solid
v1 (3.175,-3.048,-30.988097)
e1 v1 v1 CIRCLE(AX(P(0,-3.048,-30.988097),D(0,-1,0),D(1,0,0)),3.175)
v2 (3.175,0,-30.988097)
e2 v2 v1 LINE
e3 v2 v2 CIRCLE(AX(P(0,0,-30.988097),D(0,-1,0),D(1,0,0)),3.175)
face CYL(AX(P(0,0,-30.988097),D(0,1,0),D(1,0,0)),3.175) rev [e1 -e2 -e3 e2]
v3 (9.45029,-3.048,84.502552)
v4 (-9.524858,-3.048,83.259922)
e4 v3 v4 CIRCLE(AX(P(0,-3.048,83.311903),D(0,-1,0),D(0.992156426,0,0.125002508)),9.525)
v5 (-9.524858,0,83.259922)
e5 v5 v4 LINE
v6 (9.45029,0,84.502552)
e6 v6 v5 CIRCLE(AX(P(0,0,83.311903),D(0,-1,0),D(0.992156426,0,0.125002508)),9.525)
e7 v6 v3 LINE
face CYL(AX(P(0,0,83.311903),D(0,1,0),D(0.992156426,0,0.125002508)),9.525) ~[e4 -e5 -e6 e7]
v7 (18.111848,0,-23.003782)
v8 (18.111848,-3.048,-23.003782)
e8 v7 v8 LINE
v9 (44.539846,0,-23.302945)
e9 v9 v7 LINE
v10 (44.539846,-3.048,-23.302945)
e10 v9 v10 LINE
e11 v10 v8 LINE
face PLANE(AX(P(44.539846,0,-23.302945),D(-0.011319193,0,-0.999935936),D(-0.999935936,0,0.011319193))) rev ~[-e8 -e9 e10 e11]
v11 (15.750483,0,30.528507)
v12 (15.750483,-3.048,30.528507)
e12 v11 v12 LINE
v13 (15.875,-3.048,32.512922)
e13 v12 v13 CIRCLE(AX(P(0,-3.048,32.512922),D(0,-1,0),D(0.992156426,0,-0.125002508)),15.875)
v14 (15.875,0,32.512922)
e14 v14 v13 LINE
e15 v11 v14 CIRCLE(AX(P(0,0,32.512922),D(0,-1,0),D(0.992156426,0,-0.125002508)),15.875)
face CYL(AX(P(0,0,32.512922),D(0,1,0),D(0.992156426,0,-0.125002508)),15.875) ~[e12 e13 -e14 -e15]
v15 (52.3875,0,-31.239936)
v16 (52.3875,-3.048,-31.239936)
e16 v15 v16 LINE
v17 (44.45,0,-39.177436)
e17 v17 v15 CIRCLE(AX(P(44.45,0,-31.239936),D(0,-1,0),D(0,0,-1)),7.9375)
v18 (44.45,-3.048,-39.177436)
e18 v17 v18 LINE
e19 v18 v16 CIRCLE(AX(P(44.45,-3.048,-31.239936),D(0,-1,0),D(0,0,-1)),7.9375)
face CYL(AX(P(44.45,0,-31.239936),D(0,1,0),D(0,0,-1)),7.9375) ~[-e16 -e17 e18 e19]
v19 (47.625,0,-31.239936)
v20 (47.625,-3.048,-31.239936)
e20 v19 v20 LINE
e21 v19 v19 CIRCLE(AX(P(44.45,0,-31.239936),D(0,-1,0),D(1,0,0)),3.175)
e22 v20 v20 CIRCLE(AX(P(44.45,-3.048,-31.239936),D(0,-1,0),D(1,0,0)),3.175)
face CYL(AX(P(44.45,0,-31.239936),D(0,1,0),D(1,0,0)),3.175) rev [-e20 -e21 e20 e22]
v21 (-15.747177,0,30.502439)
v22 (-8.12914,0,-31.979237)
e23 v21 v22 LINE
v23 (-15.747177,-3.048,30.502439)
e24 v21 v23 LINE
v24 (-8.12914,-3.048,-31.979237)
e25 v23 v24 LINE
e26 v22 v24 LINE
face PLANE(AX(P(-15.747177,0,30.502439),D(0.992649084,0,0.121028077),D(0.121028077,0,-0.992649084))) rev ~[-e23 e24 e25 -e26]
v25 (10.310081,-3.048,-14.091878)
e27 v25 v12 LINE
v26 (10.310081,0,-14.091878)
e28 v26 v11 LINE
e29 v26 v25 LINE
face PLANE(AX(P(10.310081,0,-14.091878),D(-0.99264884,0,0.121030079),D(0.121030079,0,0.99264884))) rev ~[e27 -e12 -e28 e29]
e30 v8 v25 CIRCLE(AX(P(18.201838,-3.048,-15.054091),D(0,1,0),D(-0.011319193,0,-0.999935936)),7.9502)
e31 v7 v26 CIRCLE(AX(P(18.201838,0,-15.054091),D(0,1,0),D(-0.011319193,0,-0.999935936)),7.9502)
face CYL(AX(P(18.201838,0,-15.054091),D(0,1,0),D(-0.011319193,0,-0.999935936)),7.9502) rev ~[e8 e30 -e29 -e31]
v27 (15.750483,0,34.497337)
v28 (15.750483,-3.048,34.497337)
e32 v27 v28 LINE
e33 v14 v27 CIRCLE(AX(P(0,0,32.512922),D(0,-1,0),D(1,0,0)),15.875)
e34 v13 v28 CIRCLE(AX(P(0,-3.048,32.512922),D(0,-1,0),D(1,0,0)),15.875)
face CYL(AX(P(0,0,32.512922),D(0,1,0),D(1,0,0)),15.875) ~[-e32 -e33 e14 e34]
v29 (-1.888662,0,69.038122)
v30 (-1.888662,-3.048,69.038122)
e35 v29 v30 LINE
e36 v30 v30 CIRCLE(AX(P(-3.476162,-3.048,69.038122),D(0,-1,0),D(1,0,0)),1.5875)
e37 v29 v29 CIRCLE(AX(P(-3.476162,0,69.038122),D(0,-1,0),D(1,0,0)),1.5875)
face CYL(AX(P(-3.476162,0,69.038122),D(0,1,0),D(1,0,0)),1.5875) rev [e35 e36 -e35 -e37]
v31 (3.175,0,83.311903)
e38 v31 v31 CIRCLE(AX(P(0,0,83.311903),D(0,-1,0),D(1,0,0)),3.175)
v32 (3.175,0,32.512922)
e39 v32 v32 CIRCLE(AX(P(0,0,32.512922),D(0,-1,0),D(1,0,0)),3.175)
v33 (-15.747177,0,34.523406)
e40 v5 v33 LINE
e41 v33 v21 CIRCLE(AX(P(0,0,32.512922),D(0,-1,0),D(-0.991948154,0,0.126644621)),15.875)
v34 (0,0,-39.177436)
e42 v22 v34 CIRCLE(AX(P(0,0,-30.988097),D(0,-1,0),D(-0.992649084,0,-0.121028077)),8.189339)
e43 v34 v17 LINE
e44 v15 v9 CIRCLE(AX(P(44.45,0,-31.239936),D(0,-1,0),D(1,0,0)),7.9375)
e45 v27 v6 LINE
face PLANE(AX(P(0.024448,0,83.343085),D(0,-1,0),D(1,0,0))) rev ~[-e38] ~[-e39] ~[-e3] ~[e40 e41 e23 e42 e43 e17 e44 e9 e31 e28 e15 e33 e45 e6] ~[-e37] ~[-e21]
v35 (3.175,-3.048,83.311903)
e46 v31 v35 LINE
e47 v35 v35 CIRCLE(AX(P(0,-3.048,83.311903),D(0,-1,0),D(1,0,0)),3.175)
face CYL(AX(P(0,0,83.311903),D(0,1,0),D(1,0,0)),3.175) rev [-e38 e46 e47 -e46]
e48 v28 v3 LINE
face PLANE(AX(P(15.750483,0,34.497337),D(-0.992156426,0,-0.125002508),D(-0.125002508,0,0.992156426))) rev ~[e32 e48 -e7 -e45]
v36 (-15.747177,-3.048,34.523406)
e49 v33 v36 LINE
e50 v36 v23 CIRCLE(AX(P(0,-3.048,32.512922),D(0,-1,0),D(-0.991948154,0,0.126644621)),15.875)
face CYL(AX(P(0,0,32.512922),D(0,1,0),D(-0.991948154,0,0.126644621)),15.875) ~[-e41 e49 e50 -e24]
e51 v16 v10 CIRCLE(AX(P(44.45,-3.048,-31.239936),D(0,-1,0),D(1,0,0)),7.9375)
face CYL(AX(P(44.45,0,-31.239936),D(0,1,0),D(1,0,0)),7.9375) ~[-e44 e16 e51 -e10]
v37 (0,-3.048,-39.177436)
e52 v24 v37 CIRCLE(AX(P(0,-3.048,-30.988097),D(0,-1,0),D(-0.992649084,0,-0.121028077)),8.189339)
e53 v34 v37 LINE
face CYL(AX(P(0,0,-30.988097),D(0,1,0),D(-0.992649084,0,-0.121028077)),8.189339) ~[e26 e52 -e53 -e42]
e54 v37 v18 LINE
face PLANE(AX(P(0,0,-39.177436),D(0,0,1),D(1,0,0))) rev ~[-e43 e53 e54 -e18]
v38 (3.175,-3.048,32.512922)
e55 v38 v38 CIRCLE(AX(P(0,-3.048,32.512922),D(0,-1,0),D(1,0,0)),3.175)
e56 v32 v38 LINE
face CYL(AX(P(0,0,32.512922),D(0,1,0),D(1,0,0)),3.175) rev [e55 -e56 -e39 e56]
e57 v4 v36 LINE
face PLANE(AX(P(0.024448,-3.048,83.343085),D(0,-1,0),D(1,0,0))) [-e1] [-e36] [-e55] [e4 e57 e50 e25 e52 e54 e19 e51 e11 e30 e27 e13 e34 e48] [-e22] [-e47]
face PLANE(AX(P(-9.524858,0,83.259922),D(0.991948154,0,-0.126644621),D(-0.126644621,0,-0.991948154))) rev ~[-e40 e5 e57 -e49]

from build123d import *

# Parameters (mm, degrees)
F0_R     = 3.175
F0_R_2   = 1.5875
F1_DEPTH = 3.048


with BuildPart() as f1:
    # F0 (on Front) → F1 (new body)
    with BuildSketch(Plane.XZ):
        with BuildLine():
            ThreePointArc((-9.5248581599, 83.2599219897), (0.0259906378, 73.786938532), (9.525, 83.3119030719))
            ThreePointArc((9.525, 83.3119030719), (9.5063041404, 83.9083983282), (9.4502899547, 84.502551959))
            ThreePointArc((9.4502899547, 84.502551959), (-0.6224326586, 92.8165441795), (-9.5248581599, 83.2599219897))
        make_face()
        with Locations((0, 83.3119030719)):
            Circle(F0_R, mode=Mode.SUBTRACT)
        with BuildLine():
            ThreePointArc((9.4502899547, 84.502551959), (9.5063041404, 83.9083983282), (9.525, 83.3119030719))
            ThreePointArc((9.525, 83.3119030719), (0.0259906378, 73.786938532), (-9.5248581599, 83.2599219897))
            Line((-9.5248581599, 83.2599219897), (-15.7471769435, 34.5234055887))
            ThreePointArc((-15.7471769435, 34.5234055887), (0.0131386883, 48.3879167992), (15.7504832578, 34.4973370481))
            Line((15.7504832578, 34.4973370481), (9.4502899547, 84.502551959))
        make_face()
        with Locations((-3.4761622082, 69.0381222362)):
            Circle(F0_R_2, mode=Mode.SUBTRACT)
        with BuildLine():
            Line((15.7504832578, 30.5285074243), (15.7504832578, 34.4973370481))
            ThreePointArc((15.7504832578, 34.4973370481), (0.0131386883, 48.3879167992), (-15.7471769435, 34.5234055887))
            Line((-15.7471769435, 34.5234055887), (-15.7471769435, 30.5024388837))
            ThreePointArc((-15.7471769435, 30.5024388837), (0.0131386883, 16.6379276732), (15.7504832578, 30.5285074243))
        make_face()
        with Locations((0, 32.5129222362)):
            Circle(F0_R, mode=Mode.SUBTRACT)
        with BuildLine():
            ThreePointArc((15.875, 32.5129222362), (15.8438402339, 33.5070809968), (15.7504832578, 34.4973370481))
            Line((15.7504832578, 34.4973370481), (15.7504832578, 30.5285074243))
            ThreePointArc((15.7504832578, 30.5285074243), (15.8438402339, 31.5187634756), (15.875, 32.5129222362))
        make_face()
        with BuildLine():
            Line((-15.7471769435, 30.5024388837), (-15.7471769435, 34.5234055887))
            ThreePointArc((-15.7471769435, 34.5234055887), (-15.875, 32.5129222362), (-15.7471769435, 30.5024388837))
        make_face()
        with BuildLine():
            Line((10.3100811991, -14.091878104), (15.7504832578, 30.5285074243))
            ThreePointArc((15.7504832578, 30.5285074243), (0.0131386883, 16.6379276732), (-15.7471769435, 30.5024388837))
            Line((-15.7471769435, 30.5024388837), (-8.1291402981, -31.9792369364))
            ThreePointArc((-8.1291402981, -31.9792369364), (-0.4964832457, -22.813821126), (8.1893394424, -30.9880969281))
            ThreePointArc((8.1893394424, -30.9880969281), (5.7907374532, -36.7788343813), (0, -39.1774363705))
            Line((0, -39.1774363705), (44.45, -39.1774363705))
            ThreePointArc((44.45, -39.1774363705), (36.5126271282, -31.1950126056), (44.5398460907, -23.3029448794))
            Line((44.5398460907, -23.3029448794), (18.1118481639, -23.003782117))
            ThreePointArc((18.1118481639, -23.003782117), (12.2199839317, -20.2907985961), (10.3100811991, -14.091878104))
        make_face()
        with BuildLine():
            ThreePointArc((8.1893394424, -30.9880969281), (-0.4964832457, -22.813821126), (-8.1291402981, -31.9792369364))
            ThreePointArc((-8.1291402981, -31.9792369364), (-5.4290191812, -37.1192494489), (0, -39.1774363705))
            ThreePointArc((0, -39.1774363705), (5.7907374532, -36.7788343813), (8.1893394424, -30.9880969281))
        make_face()
        with Locations((0, -30.9880969281)):
            Circle(F0_R, mode=Mode.SUBTRACT)
        with BuildLine():
            ThreePointArc((52.3875, -31.2399363705), (50.0943360812, -25.6591320869), (44.5398460907, -23.3029448794))
            ThreePointArc((44.5398460907, -23.3029448794), (36.5126271282, -31.1950126056), (44.45, -39.1774363705))
            ThreePointArc((44.45, -39.1774363705), (50.0626600757, -36.8525964462), (52.3875, -31.2399363705))
        make_face()
        with Locations((44.45, -31.2399363705)):
            Circle(F0_R, mode=Mode.SUBTRACT)
    extrude(amount=F1_DEPTH)


solid = f1.part
